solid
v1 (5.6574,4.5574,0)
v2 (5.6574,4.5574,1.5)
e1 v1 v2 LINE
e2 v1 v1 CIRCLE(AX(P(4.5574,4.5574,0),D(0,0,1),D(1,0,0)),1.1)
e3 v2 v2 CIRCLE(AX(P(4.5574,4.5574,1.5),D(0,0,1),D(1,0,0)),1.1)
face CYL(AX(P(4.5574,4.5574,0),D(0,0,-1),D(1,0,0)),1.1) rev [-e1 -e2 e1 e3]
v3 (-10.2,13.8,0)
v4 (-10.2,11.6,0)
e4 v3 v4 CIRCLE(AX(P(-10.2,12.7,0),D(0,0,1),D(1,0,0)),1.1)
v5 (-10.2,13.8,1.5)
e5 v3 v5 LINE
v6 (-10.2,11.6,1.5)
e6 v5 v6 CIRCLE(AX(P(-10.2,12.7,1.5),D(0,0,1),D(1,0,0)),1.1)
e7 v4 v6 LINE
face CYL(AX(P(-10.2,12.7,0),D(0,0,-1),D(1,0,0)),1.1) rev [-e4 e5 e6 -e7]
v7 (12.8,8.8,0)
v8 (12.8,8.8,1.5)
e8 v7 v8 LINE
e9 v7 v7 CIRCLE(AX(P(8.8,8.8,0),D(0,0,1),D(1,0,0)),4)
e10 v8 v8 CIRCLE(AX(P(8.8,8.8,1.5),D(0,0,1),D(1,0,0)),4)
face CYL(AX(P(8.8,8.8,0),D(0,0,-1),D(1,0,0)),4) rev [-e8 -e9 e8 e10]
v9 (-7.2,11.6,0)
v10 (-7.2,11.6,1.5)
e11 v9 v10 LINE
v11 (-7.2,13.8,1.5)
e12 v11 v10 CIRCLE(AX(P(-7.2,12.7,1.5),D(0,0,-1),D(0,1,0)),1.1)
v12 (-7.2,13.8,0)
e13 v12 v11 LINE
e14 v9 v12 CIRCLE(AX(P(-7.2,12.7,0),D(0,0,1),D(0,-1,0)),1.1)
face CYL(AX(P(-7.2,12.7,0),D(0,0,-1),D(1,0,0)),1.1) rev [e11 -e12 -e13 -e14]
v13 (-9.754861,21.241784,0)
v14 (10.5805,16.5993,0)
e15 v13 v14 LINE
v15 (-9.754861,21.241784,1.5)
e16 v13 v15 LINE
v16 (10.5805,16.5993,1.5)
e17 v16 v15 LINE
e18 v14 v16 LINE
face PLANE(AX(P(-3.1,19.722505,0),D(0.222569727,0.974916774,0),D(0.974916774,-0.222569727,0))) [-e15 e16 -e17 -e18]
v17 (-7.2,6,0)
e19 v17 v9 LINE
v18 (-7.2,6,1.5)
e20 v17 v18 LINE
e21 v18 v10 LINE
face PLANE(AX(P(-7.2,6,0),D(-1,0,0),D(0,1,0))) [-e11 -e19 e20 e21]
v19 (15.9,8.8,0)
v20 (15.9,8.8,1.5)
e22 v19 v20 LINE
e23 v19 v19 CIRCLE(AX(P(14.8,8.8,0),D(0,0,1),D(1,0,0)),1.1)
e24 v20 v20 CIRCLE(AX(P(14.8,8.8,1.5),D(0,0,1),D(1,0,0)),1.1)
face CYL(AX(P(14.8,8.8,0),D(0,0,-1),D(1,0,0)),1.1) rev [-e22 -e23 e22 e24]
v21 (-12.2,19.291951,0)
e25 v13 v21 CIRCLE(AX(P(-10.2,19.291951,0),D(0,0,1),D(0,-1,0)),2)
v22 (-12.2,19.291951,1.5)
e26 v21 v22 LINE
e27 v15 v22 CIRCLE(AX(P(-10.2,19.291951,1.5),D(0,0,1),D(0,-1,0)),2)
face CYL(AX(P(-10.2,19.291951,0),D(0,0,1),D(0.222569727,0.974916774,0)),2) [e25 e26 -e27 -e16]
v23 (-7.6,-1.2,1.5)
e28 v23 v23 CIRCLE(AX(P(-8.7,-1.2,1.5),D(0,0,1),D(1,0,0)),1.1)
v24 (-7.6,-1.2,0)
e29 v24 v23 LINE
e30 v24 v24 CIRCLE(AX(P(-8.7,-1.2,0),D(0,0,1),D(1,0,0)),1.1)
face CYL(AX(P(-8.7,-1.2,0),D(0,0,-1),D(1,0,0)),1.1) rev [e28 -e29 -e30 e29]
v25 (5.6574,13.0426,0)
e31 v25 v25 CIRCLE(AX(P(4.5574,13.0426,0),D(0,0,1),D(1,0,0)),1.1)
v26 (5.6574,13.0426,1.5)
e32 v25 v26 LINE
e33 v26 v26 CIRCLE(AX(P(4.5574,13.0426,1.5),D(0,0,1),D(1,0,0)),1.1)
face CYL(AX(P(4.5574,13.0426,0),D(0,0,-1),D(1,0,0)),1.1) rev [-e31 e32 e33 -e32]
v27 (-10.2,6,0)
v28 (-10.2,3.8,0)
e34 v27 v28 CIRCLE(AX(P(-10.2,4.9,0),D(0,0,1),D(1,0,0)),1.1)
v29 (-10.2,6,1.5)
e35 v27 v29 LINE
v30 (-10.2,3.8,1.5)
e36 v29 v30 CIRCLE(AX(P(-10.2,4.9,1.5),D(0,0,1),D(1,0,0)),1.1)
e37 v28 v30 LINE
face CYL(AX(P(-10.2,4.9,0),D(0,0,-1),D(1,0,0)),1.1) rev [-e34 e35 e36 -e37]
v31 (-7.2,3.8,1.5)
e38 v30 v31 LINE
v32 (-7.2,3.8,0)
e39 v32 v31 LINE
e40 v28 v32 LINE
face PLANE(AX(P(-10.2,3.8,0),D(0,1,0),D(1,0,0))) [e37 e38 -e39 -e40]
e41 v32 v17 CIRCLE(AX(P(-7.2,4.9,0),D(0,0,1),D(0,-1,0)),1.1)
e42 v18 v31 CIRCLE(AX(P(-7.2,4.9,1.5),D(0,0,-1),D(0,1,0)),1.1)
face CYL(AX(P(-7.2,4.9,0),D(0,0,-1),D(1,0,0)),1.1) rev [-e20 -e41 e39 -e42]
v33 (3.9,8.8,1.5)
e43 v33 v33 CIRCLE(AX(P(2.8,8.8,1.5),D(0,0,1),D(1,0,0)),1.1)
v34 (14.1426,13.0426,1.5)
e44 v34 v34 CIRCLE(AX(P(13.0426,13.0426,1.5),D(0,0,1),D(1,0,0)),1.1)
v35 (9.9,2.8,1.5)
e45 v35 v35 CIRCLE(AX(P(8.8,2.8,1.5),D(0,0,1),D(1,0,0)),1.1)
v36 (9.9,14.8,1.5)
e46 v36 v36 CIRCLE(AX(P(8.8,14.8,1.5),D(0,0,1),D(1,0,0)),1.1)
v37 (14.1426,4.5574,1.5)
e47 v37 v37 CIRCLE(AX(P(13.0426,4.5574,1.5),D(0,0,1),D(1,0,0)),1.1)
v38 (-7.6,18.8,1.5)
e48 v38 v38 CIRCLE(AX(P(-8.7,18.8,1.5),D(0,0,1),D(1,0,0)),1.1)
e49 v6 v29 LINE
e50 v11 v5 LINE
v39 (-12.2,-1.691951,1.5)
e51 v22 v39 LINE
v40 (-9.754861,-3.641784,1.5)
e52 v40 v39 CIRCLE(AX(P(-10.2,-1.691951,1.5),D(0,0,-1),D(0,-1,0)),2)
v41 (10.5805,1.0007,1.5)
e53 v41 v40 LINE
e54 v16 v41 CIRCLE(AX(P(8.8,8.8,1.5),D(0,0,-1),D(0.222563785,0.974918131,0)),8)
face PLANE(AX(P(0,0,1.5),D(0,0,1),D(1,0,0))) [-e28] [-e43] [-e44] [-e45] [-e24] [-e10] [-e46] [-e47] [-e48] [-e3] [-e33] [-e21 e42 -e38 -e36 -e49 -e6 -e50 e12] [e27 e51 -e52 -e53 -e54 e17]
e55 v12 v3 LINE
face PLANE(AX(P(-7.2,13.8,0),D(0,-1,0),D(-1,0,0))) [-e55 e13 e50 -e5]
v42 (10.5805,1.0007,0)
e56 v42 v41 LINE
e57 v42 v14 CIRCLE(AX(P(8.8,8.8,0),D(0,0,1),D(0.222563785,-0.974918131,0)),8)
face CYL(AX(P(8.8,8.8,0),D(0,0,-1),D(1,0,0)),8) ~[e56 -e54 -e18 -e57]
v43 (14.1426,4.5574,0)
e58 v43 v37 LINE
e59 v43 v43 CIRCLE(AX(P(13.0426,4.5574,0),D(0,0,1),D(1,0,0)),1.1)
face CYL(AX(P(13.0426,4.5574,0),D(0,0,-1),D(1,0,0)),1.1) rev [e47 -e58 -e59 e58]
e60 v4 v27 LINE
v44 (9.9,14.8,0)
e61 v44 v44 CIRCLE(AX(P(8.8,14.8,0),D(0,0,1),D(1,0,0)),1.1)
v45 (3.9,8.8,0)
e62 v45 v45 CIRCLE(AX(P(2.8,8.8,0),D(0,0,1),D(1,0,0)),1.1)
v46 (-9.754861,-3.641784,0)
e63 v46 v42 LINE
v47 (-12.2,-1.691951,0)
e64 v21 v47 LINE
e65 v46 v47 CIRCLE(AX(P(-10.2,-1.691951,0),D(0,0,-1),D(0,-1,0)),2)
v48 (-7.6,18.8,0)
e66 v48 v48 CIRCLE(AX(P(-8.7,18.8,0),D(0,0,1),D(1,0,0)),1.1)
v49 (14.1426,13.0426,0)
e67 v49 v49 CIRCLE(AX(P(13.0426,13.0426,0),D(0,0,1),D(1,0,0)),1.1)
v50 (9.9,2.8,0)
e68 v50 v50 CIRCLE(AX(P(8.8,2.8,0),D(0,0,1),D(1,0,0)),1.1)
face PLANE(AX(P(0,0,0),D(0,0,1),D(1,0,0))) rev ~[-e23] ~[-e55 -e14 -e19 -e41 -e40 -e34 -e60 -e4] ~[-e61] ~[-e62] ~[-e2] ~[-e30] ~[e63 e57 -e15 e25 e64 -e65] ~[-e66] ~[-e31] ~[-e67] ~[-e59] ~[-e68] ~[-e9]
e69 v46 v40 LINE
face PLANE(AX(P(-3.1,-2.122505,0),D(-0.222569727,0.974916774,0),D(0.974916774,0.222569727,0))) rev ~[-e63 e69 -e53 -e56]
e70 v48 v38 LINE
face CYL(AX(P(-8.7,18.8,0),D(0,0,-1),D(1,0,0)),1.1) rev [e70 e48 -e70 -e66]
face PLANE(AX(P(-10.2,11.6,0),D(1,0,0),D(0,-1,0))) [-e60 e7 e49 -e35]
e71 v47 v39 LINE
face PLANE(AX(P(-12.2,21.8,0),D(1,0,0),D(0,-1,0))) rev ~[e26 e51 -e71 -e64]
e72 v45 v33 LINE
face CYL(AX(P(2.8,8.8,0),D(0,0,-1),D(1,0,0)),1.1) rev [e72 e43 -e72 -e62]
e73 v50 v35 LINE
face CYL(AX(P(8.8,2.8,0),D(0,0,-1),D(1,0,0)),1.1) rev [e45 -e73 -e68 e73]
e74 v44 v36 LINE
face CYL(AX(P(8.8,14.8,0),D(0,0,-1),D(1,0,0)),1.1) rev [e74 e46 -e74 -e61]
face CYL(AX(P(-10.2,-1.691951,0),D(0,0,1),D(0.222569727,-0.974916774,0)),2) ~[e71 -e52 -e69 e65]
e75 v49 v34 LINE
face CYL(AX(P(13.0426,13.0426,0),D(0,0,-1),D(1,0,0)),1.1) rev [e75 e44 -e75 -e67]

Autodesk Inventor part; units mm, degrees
ref_plane "YZ Plane" through (0, 0, 0) normal (1, 0, 0) x (0, 1, 0)
ref_plane "XZ Plane" through (0, 0, 0) normal (0, 1, 0) x (-1, 0, 0)
ref_plane "XY Plane" through (0, 0, 0) normal (0, 0, 1) x (1, 0, 0)
sketch "スケッチ1" plane through (0, 0, 0) normal (0, 0, 1) x (1, 0, 0)
  circle A0 centre (8.8, 8.8) radius 8 projected
  circle A1 centre (8.8, 8.8) radius 8 projected
  circle A2 centre (2.8, 8.8) radius 0.825 projected
  circle A3 centre (4.5574, 4.5574) radius 0.825 projected
  circle A4 centre (8.8, 2.8) radius 0.825 projected
  circle A5 centre (13.0426, 4.5574) radius 0.825 projected
  circle A6 centre (14.8, 8.8) radius 0.825 projected
  circle A7 centre (13.0426, 13.0426) radius 0.825 projected
  circle A8 centre (8.8, 14.8) radius 0.825 projected
  circle A9 centre (4.5574, 13.0426) radius 0.825 projected
  circle A10 centre (8.8, 8.8) radius 4 projected
  circle A11 centre (2.8, 8.8) radius 1.1
  circle A12 centre (4.5574, 4.5574) radius 1.1
  circle A13 centre (8.8, 2.8) radius 1.1
  circle A14 centre (13.0426, 4.5574) radius 1.1
  circle A15 centre (14.8, 8.8) radius 1.1
  circle A16 centre (13.0426, 13.0426) radius 1.1
  circle A17 centre (8.8, 14.8) radius 1.1
  circle A18 centre (4.5574, 13.0426) radius 1.1
  line L0 (8.8, 0.8) -> (-2.0211, 0.8)
  line L1 (8.8, 16.8) -> (-2.0211, 16.8)
  line L2 (-10.2, 3.8) -> (-7.2, 3.8)
  line L3 (-7.2, 3.8) -> (-7.2, 13.8)
  line L4 (-7.2, 13.8) -> (-10.2, 13.8)
  line L5 (-10.2, 13.8) -> (-10.2, 3.8)
  line L6 (0.8, 16.8) -> (0.8, 0.8) construction
  circle A19 centre (-10.2, 4.9) radius 1.1
  line L7 (-10.2, 8.8) -> (-7.2, 8.8) construction
  line L8 (-8.7, 8.8) -> (-8.7, 3.8) construction
  circle A20 centre (-7.2, 4.9) radius 1.1
  circle A21 centre (-10.2, 12.7) radius 1.1
  circle A22 centre (-7.2, 12.7) radius 1.1
  circle A23 centre (-8.7, -1.2) radius 1.1
  circle A24 centre (-8.7, 18.8) radius 1.1
  line L9 (-12.2, -4.2) -> (-3.1, -4.2) construction
  line L10 (-3.1, -4.2) -> (-3.1, 21.8)
  line L11 (-3.1, 21.8) -> (-12.2, 21.8) construction
  line L12 (-12.2, 21.8) -> (-12.2, -4.2)
  line L13 (-12.2, -4.2) -> (10.5805, 1.0007)
  line L14 (-12.2, 21.8) -> (10.5805, 16.5993)
  point P0 (0, 0)
  point P1 (-12.2, 8.8)
  point P2 (-7.2, 11.6)
  point P3 (-7.2, 6)
  point P4 (-7.2, 3.8)
  point P5 (-10.2, 6)
  point P6 (-10.2, 11.6)
  point P7 (-10.2, 13.8)
  point P8 (-7.2, 13.8)
  point P9 (-0.1, 16.8)
  point P10 (-3.1, 19.7225)
  point P11 (-3.1, -2.1225)
  dimension "d7" = 2.2
  dimension "d0" = 2.2
  dimension "d3" = 360
  dimension "d5" = 3
  dimension "d6" = 10
  dimension "d8" = 8
  dimension "d9" = 2.2
  dimension "d10" = 5
  dimension "d11" = 3
  dimension "d12" = 2
  dimension "d13" = 3
extrude "押し出し1" add sketch "スケッチ1" along normal blind 1.5 contours A0 | A0 L13 L10 L14 | L10 L13 L12 L14
fillet "フィレット1" radius 2 2 edges at (-12.2, 21.8, 0.75) (-12.2, -4.2, 0.75)
properties part number "kata_new" material "アルミニウム 2014-T4"
